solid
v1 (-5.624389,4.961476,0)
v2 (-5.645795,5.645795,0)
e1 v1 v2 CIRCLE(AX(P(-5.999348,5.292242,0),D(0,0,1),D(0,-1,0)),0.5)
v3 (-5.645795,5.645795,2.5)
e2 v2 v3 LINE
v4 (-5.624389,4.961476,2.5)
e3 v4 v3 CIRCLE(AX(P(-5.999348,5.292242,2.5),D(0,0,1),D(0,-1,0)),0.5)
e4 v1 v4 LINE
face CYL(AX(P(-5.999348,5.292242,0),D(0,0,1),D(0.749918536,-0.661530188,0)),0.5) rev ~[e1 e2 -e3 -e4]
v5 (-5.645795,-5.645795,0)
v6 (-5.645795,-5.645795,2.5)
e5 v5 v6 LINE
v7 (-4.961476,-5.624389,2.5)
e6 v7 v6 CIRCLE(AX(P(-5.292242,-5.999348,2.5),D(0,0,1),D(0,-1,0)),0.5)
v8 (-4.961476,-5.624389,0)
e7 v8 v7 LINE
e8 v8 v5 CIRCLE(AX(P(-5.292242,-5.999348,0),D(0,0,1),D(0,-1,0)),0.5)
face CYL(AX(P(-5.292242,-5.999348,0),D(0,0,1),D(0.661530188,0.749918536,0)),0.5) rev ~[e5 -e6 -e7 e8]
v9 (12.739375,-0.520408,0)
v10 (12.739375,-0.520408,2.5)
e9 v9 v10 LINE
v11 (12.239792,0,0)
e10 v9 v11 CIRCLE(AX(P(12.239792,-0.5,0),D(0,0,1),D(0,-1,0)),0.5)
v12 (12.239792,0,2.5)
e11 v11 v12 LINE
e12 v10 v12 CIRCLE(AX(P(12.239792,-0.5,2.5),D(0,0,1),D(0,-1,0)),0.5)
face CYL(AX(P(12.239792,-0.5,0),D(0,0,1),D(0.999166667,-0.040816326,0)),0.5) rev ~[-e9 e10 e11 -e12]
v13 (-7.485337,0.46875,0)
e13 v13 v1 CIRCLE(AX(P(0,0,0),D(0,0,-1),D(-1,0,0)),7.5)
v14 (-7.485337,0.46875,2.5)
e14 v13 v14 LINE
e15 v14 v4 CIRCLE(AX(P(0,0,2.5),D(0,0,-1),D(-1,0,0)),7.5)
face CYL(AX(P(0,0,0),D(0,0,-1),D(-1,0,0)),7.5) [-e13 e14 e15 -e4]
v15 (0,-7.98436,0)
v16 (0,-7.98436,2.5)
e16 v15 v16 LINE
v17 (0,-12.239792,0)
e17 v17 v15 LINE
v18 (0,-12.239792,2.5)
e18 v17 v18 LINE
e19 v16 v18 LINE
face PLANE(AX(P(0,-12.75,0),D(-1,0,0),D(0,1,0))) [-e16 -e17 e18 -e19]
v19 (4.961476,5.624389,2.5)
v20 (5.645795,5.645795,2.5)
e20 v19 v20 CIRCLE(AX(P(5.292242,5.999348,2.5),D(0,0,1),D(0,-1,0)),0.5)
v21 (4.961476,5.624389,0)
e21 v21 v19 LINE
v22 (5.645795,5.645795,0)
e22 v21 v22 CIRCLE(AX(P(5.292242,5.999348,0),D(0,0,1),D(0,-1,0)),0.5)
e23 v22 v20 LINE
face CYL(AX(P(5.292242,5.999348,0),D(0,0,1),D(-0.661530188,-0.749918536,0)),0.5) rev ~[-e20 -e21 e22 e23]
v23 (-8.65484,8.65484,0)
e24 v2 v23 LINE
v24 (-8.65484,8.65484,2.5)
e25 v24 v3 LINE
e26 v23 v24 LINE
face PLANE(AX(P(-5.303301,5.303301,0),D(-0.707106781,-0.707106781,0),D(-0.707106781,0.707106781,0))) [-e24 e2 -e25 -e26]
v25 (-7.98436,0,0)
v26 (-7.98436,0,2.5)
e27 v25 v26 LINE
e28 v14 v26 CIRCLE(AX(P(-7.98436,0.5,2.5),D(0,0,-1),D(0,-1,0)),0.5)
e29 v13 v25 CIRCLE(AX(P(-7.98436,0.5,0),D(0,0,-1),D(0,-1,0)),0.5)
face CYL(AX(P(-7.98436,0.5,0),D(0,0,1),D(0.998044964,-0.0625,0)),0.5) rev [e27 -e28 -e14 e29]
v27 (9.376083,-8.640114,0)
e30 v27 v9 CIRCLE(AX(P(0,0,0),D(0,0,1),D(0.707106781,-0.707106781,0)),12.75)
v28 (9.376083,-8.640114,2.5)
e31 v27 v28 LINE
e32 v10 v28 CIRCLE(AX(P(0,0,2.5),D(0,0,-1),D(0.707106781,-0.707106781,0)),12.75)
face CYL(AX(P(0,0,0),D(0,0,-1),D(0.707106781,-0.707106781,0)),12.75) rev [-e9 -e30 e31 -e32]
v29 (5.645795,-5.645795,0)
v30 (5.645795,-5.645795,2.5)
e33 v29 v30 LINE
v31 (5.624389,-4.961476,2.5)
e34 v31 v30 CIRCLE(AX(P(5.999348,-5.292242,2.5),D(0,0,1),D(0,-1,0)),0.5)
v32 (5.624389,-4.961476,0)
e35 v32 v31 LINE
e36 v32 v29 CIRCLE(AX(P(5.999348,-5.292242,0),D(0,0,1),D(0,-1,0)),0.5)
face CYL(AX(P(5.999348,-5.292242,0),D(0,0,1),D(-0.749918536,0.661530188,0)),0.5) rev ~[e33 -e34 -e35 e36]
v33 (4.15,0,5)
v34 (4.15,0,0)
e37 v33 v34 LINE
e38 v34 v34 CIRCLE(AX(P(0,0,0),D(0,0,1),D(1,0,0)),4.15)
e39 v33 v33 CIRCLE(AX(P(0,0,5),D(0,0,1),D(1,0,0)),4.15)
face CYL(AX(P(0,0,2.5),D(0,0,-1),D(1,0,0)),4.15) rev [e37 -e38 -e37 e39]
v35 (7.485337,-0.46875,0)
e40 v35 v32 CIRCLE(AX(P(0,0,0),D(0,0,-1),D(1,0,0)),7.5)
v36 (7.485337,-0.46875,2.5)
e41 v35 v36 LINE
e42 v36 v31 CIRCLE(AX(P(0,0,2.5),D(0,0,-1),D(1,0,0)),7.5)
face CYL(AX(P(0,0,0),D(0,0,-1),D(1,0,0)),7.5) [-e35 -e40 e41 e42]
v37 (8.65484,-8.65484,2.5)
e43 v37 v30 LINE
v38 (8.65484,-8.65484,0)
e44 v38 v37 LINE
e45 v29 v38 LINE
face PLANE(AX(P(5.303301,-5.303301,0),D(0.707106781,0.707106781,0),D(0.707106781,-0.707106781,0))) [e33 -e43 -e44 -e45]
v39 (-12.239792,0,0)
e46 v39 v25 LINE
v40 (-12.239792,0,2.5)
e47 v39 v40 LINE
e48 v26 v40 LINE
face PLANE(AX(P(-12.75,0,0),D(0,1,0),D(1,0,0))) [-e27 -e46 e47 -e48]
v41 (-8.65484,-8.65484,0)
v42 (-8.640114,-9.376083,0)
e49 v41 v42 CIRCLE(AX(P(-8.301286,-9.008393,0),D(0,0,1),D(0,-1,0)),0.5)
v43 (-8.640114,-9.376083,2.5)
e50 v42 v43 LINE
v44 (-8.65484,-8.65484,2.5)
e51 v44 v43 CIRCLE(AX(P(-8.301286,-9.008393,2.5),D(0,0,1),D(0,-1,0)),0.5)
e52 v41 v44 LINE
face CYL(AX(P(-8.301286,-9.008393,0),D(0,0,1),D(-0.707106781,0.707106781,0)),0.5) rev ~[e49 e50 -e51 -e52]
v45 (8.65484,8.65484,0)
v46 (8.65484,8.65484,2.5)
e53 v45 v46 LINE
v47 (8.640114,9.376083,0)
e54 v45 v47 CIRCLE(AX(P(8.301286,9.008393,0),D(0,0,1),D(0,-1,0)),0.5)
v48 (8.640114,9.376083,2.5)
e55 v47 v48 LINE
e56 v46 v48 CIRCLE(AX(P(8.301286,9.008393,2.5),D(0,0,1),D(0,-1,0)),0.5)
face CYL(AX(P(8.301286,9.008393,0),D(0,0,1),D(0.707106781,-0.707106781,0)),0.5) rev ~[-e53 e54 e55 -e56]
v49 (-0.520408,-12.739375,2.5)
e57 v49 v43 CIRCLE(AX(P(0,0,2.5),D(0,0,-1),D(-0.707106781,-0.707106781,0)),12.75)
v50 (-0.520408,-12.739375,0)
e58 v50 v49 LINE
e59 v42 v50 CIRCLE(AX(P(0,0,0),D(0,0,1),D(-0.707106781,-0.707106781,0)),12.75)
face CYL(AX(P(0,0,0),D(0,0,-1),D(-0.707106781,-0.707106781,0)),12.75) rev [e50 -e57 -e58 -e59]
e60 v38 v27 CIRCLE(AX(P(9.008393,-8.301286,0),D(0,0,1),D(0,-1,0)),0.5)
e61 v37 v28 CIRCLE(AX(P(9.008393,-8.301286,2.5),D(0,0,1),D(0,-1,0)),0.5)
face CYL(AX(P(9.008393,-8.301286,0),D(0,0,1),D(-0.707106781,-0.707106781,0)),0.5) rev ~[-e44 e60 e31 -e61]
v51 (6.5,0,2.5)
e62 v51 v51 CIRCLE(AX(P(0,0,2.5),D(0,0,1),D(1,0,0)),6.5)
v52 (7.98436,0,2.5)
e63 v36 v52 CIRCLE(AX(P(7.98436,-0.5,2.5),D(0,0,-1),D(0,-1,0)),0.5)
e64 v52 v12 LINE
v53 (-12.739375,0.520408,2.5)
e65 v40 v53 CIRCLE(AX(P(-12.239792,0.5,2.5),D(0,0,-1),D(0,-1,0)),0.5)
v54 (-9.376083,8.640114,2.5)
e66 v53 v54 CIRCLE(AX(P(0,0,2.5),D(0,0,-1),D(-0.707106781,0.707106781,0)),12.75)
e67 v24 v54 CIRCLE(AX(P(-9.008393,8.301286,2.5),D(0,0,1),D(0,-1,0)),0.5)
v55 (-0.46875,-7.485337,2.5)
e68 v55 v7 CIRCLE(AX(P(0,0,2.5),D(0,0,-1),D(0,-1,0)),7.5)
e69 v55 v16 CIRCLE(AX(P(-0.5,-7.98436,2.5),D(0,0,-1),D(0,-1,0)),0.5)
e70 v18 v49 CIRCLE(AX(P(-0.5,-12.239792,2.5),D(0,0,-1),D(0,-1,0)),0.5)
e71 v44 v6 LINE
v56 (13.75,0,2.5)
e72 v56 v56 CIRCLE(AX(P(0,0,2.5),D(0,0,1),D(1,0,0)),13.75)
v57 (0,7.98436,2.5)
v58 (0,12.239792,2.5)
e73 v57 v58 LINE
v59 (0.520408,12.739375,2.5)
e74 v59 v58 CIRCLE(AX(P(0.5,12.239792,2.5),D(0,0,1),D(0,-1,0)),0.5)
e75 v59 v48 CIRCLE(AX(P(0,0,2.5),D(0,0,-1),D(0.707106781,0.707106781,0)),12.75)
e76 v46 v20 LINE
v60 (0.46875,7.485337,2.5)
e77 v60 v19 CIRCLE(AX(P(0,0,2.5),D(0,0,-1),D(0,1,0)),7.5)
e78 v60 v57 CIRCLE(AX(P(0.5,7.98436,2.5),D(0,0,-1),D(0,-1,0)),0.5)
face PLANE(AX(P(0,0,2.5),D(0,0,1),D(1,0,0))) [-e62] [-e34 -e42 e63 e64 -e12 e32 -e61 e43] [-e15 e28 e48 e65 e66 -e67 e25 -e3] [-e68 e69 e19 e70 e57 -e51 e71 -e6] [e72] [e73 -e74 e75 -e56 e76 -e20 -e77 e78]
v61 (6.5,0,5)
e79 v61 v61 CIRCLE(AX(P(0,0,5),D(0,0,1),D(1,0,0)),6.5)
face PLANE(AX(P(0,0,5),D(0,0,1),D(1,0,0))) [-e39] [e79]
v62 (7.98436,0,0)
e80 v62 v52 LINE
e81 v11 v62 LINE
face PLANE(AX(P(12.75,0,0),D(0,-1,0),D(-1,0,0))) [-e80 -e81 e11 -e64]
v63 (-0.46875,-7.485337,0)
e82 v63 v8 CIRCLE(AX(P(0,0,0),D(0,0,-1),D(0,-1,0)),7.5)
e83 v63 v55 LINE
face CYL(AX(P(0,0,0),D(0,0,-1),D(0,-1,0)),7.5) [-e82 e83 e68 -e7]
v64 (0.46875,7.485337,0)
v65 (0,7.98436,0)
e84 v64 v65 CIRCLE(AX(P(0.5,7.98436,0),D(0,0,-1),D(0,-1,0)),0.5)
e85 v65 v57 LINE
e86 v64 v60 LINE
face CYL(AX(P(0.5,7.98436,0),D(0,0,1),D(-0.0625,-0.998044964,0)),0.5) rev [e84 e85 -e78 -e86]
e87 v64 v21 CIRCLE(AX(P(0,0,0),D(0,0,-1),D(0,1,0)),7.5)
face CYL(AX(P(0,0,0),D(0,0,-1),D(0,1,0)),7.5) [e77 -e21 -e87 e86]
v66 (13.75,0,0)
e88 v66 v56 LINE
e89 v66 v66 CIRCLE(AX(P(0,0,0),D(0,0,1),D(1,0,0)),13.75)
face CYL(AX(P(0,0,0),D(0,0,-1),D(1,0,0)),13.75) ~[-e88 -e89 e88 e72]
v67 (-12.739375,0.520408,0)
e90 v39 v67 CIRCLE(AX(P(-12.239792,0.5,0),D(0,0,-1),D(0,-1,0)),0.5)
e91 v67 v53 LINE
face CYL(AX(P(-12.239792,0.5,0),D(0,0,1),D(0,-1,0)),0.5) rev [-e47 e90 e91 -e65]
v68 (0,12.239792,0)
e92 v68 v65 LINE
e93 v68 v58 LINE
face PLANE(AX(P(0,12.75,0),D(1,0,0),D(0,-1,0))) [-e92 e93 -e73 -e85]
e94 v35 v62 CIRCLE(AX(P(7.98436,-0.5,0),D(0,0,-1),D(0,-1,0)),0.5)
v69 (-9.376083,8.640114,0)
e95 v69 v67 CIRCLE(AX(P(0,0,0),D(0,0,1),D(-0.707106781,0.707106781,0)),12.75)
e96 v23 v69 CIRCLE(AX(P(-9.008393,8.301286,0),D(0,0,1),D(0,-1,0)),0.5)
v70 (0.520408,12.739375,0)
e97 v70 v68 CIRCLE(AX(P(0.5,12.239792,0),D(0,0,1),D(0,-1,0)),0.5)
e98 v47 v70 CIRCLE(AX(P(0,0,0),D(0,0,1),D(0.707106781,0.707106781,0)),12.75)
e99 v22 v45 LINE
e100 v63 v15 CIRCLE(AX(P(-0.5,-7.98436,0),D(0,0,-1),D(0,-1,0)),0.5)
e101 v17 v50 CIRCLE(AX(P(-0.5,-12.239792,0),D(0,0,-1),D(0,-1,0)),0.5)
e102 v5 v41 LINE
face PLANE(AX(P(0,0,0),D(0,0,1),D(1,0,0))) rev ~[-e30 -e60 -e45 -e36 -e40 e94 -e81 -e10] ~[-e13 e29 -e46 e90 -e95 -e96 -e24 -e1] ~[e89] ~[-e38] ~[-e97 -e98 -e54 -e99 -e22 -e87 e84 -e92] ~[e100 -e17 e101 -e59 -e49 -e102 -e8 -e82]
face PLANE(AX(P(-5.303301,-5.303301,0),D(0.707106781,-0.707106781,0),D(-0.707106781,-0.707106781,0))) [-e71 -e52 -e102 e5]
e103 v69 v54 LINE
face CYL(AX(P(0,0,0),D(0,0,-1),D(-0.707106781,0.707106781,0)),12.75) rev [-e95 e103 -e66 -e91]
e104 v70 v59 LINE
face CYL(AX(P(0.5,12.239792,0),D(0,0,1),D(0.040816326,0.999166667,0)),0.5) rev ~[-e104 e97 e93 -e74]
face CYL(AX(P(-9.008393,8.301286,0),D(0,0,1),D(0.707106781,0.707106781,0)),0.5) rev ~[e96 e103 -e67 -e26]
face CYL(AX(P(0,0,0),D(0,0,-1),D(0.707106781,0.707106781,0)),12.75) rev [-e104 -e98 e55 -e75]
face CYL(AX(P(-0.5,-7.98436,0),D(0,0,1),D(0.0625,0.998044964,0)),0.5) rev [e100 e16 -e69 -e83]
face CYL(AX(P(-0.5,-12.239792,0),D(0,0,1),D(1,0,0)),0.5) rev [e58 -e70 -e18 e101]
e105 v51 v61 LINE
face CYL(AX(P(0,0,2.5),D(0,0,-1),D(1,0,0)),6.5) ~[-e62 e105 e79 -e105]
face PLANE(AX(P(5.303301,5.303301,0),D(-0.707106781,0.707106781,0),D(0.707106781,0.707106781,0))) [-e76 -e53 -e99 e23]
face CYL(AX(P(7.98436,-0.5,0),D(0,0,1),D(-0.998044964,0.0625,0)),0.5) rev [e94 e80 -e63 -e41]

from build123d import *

# Parameters (mm, degrees)
SKETCH1_R                = 13.75
SKETCH1_R_2              = 4.15
BOSS_EXTRUDE1_DEPTH      = 2.5
SKETCH2_R                = 6.5
SKETCH2_R_2              = 4.15
BOSS_EXTRUDE2_DEPTH      = 2.5
CUT_EXTRUDE1_DEPTH       = 21.077973005
FILLET1_R                = 0.5
CIRPATTERN1_COUNT        = 4
FILLET1_OF_CIRPATTERN1_R = 0.5


with BuildPart() as part:
    # Sketch1 → Boss-Extrude1 (new body)
    with BuildSketch(Plane.XY):
        Circle(SKETCH1_R)
        Circle(SKETCH1_R_2, mode=Mode.SUBTRACT)
    extrude(amount=BOSS_EXTRUDE1_DEPTH)

    # Sketch2 → Boss-Extrude2 (add)
    with BuildSketch(Plane.XY.offset(2.5)):
        Circle(SKETCH2_R)
        Circle(SKETCH2_R_2, mode=Mode.SUBTRACT)
    extrude(amount=BOSS_EXTRUDE2_DEPTH)

    # Sketch5 → Cut-Extrude1 (cut, through all)
    with BuildSketch(Plane.XY):
        with BuildLine():
            Line((0, 12.75), (0, 7.5))
            ThreePointArc((0, 7.5), (2.870125743, 6.929096494), (5.303300859, 5.303300859))
            Line((5.303300859, 5.303300859), (9.01561146, 9.01561146))
            ThreePointArc((9.01561146, 9.01561146), (4.879213763, 11.77946404), (0, 12.75))
        make_face()
    cut_extrude1 = extrude(amount=CUT_EXTRUDE1_DEPTH, mode=Mode.SUBTRACT)

    # Fillet1
    fillet1_edges = [part.edges().sort_by_distance(p)[0] for p in [
        (0, 7.5, 1.25),
        (5.303300859, 5.303300859, 1.25),
        (9.01561146, 9.01561146, 1.25),
        (0, 12.75, 1.25),
    ]]
    fillet(fillet1_edges, radius=FILLET1_R)

    # CirPattern1: Cut-Extrude1 ×4 about axis
    cirpattern1_axis = Axis((0, 0, 0), (0, 0, 1))
    for i in range(1, CIRPATTERN1_COUNT):
        add(cut_extrude1.rotate(cirpattern1_axis, i * 360 / CIRPATTERN1_COUNT), mode=Mode.SUBTRACT)

    # Fillet1 of CirPattern1
    fillet1_of_cirpattern1_edges = [part.edges().sort_by_distance(p)[0] for p in [
        (-7.5, 0, 1.25),
        (-5.303300859, 5.303300859, 1.25),
        (-9.01561146, 9.01561146, 1.25),
        (-12.75, 0, 1.25),
        (0, -7.5, 1.25),
        (-5.303300859, -5.303300859, 1.25),
        (-9.01561146, -9.01561146, 1.25),
        (0, -12.75, 1.25),
        (7.5, 0, 1.25),
        (5.303300859, -5.303300859, 1.25),
        (9.01561146, -9.01561146, 1.25),
        (12.75, 0, 1.25),
    ]]
    fillet(fillet1_of_cirpattern1_edges, radius=FILLET1_OF_CIRPATTERN1_R)


solid = part.part
